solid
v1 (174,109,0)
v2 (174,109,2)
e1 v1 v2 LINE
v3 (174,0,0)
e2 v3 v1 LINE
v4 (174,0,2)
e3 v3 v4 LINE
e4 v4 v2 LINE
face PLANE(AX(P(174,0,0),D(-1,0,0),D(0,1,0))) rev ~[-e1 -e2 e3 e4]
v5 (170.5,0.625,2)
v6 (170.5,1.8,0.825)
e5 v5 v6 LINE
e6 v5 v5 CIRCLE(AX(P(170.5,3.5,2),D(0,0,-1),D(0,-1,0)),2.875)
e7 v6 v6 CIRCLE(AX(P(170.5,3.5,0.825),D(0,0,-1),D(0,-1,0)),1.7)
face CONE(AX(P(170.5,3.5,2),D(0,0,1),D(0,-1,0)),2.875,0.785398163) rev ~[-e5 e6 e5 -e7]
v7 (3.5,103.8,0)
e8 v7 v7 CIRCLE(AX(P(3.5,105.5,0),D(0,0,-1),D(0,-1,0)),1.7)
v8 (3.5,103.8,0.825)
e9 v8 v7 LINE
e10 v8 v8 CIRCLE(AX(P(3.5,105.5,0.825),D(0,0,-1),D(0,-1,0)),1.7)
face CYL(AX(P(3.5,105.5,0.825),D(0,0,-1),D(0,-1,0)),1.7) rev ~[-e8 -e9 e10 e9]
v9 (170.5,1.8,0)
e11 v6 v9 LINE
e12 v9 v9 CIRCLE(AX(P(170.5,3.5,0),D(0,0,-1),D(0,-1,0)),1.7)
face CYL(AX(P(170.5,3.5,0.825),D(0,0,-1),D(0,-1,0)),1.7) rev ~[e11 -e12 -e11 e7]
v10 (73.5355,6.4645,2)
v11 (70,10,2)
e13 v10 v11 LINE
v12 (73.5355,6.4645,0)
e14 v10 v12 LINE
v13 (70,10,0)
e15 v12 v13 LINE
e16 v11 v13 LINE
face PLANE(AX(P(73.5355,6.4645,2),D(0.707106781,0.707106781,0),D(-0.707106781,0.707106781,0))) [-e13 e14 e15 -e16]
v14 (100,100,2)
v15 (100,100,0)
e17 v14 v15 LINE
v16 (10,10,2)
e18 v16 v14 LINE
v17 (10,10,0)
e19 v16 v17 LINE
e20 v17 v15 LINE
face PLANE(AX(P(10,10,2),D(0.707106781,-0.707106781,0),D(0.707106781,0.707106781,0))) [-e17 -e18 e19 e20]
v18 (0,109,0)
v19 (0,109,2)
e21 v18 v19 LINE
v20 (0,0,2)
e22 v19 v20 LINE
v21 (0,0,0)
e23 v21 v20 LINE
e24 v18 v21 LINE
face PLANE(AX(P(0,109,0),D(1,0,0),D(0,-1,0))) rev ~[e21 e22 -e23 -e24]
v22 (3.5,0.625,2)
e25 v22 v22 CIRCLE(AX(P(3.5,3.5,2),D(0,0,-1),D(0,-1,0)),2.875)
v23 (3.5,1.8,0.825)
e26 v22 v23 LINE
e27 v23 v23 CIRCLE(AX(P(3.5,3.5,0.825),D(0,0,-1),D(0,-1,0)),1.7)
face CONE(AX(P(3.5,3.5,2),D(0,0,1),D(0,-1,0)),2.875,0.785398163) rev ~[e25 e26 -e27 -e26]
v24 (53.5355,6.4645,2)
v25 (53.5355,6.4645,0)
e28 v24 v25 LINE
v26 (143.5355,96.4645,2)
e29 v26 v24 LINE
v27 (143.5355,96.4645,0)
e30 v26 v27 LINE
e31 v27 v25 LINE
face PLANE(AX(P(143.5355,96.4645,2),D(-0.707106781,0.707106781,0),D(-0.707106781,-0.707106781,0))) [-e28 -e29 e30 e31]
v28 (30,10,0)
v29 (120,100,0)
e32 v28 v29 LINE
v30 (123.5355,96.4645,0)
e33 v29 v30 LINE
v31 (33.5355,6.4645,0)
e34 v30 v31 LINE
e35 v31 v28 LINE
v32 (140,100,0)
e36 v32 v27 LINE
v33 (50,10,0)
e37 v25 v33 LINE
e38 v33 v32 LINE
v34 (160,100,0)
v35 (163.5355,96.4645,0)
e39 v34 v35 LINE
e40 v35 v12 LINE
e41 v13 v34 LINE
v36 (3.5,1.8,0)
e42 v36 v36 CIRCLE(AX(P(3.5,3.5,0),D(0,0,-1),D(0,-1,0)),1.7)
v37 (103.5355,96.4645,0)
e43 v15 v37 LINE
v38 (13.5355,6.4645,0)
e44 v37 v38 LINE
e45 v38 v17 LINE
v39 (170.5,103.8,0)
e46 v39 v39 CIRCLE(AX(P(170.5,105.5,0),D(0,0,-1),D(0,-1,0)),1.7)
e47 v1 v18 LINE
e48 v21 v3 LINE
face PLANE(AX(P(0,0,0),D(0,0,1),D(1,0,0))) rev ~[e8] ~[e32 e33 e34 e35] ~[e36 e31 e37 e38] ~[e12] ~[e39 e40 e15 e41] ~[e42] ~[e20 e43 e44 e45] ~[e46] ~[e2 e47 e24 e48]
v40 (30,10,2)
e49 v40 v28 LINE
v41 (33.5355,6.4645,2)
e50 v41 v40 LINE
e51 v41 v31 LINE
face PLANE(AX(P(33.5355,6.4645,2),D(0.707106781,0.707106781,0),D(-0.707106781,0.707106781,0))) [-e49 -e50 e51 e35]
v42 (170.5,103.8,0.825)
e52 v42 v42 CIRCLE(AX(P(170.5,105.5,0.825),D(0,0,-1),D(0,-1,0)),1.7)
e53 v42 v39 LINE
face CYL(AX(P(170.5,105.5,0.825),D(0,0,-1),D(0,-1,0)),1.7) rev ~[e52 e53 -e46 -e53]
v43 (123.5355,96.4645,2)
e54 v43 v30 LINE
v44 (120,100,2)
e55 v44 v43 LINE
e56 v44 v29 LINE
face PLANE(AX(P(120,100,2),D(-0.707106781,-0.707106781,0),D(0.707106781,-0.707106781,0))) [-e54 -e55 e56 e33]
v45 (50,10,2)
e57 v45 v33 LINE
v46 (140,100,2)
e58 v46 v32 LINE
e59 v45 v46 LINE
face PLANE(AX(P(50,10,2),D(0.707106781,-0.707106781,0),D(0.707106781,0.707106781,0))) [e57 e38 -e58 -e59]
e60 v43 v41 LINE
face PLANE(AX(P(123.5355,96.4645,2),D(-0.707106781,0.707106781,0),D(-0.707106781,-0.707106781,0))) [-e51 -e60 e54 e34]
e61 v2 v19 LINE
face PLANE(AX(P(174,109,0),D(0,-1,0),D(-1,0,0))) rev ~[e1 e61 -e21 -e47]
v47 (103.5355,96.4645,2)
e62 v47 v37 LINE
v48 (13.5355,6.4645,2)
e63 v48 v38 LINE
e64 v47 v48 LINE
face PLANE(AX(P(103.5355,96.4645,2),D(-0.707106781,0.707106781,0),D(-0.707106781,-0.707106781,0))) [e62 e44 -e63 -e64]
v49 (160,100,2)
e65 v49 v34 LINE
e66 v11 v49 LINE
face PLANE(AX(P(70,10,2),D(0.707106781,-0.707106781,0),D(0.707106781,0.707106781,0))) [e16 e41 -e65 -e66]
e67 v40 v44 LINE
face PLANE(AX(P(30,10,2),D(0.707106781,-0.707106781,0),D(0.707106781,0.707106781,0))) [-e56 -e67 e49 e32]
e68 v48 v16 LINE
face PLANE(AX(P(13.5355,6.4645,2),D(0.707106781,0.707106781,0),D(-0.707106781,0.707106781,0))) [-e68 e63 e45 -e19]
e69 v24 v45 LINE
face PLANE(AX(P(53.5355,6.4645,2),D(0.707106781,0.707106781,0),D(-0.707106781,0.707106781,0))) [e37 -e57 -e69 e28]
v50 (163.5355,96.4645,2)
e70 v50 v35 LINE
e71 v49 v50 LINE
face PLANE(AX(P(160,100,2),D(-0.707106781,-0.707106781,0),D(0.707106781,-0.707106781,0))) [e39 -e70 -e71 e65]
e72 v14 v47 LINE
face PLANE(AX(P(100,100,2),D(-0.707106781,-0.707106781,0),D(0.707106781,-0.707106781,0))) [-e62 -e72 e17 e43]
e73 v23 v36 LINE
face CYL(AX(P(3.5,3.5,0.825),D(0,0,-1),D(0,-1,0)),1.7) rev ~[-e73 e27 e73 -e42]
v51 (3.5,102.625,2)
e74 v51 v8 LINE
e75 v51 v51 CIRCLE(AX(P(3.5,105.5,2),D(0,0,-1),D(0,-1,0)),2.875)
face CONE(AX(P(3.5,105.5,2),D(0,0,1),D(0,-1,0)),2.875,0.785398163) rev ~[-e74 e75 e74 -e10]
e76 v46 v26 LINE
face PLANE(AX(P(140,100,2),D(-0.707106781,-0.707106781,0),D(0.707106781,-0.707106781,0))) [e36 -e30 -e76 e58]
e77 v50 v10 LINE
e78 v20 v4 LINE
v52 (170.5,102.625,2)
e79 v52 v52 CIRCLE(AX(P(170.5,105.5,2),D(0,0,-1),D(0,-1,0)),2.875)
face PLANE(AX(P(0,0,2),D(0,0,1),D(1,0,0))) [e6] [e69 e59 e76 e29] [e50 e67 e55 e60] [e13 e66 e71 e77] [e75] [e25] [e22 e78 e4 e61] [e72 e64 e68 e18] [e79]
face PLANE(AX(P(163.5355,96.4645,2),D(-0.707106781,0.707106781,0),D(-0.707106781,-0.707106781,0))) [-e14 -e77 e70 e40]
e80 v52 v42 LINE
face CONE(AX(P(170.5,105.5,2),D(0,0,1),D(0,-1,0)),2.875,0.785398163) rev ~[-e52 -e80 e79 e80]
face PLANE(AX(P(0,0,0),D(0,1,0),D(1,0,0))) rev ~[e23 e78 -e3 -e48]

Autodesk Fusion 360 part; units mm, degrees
sketch "Sketch1" plane through (0, 0, 0) normal (0, 0, 1) x (1, 0, 0)
  line L0 (0, 0) -> (174, 0)
  line L1 (174, 0) -> (174, 109)
  line L2 (174, 109) -> (0, 109)
  line L3 (0, 109) -> (0, 0)
  dimension "d1" = 174
  dimension "d2" = 109
extrude "Extrude1" add sketch "Sketch1" along normal blind 2
sketch "Sketch2" plane through (0, 0, 2) normal (0, 0, 1) x (-1, 0, 0)
  line L0 (0, -109) -> (0, 0)
  line L1 (0, 0) -> (-174, 0)
  line L2 (-174, 0) -> (-174, -109)
  line L3 (-174, -109) -> (0, -109)
  point P0 (-3.5, -3.5)
  point P1 (-3.5, -105.5)
  point P2 (-170.5, -105.5)
  point P3 (-170.5, -3.5)
hole "Hole1" at (170.5, 3.5, 2) at (3.5, 105.5, 2) at (3.5, 3.5, 2) at (170.5, 105.5, 2) direction (0, 0, -1) diameter 3.4 depth 6 tip angle 180 countersink diameter 5.75 countersink angle 90
sketch "Sketch5" plane through (0, 0, 2) normal (0, 0, 1) x (-1, 0, 0)
  circle A0 centre (-3.5, -3.5) radius 2.875
  circle A1 centre (-170.5, -3.5) radius 2.875
  circle A2 centre (-3.5, -105.5) radius 2.875
  circle A3 centre (-170.5, -105.5) radius 2.875
  line L0 (0, -109) -> (0, 0)
  line L1 (0, 0) -> (-174, 0)
  line L2 (-174, 0) -> (-174, -109)
  line L3 (-174, -109) -> (0, -109)
  line L4 (-10, -10) -> (-100, -100)
  line L5 (-100, -100) -> (-103.5355, -96.4645)
  line L6 (-103.5355, -96.4645) -> (-13.5355, -6.4645)
  line L7 (-13.5355, -6.4645) -> (-10, -10)
  line L8 (-30, -10) -> (-120, -100)
  line L9 (-123.5355, -96.4645) -> (-33.5355, -6.4645)
  line L10 (-33.5355, -6.4645) -> (-30, -10)
  line L11 (-120, -100) -> (-123.5355, -96.4645)
  line L12 (-50, -10) -> (-140, -100)
  line L13 (-143.5355, -96.4645) -> (-53.5355, -6.4645)
  line L14 (-53.5355, -6.4645) -> (-50, -10)
  line L15 (-140, -100) -> (-143.5355, -96.4645)
  line L16 (-70, -10) -> (-160, -100)
  line L17 (-163.5355, -96.4645) -> (-73.5355, -6.4645)
  line L18 (-73.5355, -6.4645) -> (-70, -10)
  line L19 (-160, -100) -> (-163.5355, -96.4645)
  dimension "d17" = 5
  dimension "d20" = -60
  dimension "d21" = 0
extrude "Extrude2" cut sketch "Sketch5" against normal blind 40 contours L4 L5 L6 L7 | L8 L9 L10 L11 | L12 L13 L14 L15 | L16 L17 L18 L19
